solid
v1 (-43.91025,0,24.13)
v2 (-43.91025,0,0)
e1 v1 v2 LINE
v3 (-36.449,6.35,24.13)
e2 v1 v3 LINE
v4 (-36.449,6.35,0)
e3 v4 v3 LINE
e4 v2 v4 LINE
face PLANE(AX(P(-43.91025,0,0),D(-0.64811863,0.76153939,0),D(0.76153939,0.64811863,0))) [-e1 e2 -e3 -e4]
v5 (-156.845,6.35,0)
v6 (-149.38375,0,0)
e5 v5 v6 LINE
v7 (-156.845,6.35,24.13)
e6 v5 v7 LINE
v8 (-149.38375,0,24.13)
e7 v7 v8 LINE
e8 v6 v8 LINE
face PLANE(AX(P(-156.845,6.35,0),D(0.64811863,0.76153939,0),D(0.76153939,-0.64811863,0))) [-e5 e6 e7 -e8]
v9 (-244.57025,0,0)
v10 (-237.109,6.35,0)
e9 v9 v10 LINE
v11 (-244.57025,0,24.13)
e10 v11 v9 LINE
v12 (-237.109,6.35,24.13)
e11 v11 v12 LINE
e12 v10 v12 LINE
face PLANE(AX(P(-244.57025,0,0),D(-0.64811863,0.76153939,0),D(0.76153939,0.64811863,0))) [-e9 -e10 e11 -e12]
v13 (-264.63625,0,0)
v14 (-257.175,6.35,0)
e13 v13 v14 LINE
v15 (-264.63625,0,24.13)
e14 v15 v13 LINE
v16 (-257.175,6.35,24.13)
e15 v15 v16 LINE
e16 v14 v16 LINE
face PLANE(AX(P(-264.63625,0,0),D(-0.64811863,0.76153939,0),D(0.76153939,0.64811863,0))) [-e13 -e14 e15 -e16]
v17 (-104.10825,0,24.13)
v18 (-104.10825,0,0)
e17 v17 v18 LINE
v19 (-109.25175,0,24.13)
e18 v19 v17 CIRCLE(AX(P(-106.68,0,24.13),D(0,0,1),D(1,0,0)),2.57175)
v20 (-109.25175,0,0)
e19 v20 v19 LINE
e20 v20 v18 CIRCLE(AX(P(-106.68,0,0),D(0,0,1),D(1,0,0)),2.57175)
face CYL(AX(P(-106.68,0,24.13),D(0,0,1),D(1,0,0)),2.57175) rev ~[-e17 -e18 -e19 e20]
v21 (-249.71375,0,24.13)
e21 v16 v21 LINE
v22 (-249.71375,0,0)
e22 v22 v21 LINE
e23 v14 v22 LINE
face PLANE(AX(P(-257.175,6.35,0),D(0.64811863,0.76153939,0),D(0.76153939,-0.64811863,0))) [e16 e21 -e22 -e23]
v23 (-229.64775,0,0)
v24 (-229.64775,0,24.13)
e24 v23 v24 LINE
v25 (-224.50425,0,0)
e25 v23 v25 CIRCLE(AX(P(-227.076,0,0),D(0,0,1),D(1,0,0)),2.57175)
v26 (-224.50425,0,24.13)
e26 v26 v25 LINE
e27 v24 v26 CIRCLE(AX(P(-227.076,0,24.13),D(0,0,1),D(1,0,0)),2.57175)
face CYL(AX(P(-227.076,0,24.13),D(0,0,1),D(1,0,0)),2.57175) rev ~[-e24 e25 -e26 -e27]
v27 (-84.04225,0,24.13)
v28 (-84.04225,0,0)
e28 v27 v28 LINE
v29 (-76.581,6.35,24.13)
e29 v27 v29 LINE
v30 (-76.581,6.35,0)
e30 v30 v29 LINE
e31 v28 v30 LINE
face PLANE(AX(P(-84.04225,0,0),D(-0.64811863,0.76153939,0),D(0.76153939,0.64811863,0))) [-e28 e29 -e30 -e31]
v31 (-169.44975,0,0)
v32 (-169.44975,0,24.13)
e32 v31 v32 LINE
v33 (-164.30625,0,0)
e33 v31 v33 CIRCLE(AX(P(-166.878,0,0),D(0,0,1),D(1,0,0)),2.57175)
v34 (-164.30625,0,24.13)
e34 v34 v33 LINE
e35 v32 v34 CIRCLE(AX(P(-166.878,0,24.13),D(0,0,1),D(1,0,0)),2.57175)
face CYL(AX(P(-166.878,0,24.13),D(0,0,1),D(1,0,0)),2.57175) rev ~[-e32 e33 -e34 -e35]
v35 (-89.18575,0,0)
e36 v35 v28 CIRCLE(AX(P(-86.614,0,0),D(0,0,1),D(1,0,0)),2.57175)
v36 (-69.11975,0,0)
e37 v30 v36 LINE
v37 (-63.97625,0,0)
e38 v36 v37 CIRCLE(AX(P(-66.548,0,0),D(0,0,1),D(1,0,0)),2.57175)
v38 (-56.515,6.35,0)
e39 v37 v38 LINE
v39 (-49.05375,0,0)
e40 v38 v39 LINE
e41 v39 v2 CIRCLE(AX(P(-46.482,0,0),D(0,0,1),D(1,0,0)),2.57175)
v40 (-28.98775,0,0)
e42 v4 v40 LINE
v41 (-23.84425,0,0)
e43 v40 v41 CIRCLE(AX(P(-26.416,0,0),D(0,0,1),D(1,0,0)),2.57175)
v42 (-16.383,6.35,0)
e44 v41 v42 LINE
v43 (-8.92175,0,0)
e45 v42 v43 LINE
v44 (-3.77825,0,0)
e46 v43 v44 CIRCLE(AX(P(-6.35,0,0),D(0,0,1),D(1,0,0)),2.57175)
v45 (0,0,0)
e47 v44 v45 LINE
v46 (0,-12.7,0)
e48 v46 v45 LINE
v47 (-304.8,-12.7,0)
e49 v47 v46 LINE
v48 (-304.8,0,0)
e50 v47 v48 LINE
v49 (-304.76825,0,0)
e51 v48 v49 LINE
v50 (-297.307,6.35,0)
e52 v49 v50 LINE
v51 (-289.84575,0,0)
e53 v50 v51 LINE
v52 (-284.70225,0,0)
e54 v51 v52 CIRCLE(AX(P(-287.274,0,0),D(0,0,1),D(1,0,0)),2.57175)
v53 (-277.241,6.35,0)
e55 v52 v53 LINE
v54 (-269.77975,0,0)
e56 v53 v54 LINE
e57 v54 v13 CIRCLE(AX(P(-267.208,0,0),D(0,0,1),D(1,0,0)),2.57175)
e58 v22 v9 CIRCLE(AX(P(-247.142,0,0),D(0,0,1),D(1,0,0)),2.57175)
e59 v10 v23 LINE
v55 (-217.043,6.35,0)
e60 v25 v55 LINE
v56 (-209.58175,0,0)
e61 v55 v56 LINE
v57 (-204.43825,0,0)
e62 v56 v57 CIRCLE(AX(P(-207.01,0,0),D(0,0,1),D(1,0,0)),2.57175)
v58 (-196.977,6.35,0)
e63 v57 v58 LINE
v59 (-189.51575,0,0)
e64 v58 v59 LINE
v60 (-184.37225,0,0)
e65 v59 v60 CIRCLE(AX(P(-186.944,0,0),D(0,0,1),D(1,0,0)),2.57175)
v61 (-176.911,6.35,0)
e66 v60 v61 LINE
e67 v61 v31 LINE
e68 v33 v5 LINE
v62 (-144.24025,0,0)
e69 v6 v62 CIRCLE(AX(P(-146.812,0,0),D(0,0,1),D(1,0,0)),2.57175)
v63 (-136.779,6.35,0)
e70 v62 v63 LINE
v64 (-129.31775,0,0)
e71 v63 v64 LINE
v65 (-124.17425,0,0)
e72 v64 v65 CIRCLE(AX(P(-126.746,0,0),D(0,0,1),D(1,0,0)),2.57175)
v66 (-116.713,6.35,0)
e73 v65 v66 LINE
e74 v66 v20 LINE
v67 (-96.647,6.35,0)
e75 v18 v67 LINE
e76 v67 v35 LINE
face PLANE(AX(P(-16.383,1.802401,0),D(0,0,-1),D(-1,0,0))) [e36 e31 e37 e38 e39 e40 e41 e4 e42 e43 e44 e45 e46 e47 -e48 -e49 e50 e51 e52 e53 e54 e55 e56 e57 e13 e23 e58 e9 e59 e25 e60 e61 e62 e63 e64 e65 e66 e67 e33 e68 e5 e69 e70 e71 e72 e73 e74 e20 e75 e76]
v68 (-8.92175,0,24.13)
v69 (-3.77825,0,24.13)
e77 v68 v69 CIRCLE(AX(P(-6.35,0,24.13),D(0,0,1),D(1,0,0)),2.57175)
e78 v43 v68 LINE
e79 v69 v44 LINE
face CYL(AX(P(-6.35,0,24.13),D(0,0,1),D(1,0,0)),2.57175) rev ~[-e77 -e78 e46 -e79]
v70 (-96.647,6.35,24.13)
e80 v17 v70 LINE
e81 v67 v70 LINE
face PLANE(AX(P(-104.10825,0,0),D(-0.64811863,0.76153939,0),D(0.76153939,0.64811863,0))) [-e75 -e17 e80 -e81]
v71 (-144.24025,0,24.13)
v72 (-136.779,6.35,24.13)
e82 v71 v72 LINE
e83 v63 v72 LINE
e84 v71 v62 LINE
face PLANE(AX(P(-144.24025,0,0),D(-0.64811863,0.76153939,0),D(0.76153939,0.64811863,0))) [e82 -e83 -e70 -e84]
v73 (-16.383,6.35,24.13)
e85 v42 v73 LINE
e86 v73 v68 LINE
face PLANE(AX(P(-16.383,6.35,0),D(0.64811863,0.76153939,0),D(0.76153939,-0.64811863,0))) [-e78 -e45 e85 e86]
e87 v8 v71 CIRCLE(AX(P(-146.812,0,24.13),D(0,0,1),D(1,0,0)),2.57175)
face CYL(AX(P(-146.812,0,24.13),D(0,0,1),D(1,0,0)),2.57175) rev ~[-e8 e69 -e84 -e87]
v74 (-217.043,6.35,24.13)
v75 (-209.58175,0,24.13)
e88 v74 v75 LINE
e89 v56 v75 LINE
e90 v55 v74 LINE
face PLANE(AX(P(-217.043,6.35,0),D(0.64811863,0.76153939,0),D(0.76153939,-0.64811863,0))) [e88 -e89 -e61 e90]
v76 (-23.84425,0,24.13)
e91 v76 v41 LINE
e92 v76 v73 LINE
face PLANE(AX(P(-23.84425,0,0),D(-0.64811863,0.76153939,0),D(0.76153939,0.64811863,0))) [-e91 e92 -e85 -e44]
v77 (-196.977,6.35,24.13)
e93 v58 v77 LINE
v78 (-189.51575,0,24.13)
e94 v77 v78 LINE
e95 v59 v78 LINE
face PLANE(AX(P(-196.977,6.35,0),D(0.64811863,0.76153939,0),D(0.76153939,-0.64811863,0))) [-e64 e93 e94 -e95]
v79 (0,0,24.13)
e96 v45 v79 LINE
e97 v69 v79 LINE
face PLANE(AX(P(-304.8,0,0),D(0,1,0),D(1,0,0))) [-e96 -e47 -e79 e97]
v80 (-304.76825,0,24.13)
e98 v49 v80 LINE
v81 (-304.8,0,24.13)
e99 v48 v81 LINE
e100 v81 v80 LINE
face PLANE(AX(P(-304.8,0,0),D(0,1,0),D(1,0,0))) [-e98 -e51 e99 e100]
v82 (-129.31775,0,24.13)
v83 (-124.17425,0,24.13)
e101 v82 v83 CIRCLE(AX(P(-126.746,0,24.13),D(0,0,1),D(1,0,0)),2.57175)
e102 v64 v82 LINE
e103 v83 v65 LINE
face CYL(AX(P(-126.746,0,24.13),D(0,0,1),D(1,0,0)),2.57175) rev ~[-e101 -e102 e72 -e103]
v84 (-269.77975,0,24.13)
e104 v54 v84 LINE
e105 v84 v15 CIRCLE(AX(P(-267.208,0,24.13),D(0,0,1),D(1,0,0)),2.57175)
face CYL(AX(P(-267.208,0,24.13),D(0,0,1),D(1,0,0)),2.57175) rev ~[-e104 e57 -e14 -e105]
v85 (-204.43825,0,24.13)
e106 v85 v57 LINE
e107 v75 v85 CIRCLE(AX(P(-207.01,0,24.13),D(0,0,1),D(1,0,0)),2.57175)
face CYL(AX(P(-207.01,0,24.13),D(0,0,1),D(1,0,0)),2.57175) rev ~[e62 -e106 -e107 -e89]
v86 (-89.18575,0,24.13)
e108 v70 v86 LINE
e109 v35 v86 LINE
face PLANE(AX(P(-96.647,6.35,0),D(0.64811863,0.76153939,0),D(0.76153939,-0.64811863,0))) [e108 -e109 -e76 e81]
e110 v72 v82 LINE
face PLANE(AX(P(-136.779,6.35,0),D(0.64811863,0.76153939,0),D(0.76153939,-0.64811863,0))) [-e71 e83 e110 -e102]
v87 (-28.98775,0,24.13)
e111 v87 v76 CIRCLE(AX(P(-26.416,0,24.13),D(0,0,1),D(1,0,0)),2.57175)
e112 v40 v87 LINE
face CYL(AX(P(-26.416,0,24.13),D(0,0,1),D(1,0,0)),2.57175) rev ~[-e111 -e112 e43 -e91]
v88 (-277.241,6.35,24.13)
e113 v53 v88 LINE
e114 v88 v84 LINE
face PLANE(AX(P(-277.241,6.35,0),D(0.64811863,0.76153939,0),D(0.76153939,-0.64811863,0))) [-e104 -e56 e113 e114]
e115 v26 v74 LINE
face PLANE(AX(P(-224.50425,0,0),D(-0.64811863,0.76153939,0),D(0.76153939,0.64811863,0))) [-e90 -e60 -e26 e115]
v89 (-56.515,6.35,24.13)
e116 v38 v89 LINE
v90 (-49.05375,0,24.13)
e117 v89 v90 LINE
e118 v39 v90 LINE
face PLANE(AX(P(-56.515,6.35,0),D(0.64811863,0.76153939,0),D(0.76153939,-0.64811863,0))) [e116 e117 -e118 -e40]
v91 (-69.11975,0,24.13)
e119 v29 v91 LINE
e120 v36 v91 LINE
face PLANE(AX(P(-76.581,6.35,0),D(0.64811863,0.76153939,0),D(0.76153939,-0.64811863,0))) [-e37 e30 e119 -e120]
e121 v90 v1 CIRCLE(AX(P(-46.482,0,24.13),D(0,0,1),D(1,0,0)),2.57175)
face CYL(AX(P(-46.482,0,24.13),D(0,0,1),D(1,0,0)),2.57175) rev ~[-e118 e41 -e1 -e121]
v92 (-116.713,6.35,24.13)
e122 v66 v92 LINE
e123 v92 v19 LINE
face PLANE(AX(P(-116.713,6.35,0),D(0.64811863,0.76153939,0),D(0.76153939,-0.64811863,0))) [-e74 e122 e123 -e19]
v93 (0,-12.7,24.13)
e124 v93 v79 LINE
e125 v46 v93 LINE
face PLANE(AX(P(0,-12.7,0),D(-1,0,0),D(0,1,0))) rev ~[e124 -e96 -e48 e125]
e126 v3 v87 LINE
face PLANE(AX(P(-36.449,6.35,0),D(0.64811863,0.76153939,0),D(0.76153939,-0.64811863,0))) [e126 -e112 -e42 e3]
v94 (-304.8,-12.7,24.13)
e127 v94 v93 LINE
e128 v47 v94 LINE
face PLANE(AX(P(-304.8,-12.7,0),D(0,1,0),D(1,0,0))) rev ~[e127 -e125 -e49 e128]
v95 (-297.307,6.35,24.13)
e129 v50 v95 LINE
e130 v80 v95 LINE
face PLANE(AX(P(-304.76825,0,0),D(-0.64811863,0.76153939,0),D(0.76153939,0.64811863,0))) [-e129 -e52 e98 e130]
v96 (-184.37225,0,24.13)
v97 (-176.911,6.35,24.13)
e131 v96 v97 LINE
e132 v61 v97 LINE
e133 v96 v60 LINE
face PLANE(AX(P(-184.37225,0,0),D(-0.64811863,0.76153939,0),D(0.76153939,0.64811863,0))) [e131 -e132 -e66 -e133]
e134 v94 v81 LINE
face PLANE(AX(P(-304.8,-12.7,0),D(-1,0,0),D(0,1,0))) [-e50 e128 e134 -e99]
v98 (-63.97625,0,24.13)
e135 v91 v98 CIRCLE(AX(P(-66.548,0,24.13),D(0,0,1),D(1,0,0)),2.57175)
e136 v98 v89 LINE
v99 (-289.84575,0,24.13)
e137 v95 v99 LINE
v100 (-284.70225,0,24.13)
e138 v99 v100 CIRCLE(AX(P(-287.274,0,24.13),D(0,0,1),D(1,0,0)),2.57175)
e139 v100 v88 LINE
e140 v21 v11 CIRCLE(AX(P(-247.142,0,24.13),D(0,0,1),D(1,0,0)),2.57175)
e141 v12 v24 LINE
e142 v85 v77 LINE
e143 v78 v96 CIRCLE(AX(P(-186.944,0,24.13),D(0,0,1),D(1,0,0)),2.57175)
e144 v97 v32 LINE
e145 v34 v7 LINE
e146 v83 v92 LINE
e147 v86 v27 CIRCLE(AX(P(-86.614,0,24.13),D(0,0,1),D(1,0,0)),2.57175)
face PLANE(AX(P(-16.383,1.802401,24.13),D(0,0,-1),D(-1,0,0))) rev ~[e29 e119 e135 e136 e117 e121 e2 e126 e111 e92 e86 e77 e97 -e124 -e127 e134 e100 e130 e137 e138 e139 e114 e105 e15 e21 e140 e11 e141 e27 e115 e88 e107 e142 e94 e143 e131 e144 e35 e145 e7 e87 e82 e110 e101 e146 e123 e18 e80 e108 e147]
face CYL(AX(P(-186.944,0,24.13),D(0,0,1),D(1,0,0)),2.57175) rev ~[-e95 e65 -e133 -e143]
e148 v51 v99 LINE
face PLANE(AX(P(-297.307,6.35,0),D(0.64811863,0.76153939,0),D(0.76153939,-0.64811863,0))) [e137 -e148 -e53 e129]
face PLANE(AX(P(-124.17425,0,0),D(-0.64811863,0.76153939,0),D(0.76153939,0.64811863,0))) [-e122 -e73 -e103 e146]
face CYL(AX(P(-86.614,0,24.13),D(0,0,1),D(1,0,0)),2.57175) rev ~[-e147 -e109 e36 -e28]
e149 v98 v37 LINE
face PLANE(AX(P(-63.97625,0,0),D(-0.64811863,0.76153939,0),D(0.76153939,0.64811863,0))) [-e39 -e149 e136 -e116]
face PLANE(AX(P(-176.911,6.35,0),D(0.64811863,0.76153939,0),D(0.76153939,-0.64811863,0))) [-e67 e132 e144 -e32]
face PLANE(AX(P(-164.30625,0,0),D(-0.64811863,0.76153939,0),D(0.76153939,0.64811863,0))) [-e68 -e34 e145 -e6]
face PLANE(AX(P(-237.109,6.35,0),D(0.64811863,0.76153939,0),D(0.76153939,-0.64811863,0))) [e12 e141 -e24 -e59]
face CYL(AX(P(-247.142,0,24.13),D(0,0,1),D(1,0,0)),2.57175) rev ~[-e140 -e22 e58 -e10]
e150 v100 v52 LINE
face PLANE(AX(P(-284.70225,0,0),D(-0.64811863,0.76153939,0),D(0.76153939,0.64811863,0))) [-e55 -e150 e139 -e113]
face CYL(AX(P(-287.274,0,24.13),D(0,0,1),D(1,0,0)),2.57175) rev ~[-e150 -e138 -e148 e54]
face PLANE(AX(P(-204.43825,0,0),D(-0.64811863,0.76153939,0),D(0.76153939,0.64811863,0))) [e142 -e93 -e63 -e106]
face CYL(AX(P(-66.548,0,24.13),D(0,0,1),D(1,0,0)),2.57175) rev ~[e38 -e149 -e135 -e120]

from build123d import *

# Parameters (mm, degrees)
SKETCH1_W           = 304.8
SKETCH1_H           = 12.7
BOSS_EXTRUDE1_DEPTH = 24.13
SKETCH3_R           = 2.57175
CUT_EXTRUDE1_DEPTH  = 39.624
BOSS_EXTRUDE2_DEPTH = 24.13


with BuildPart() as part:
    # Sketch1 → Boss-Extrude1 (new body)
    with BuildSketch(Plane.XY):
        with Locations((-152.4, -6.35)):
            Rectangle(SKETCH1_W, SKETCH1_H)
    extrude(amount=BOSS_EXTRUDE1_DEPTH)

    # Sketch3 → Cut-Extrude1 (cut)
    with BuildSketch(Plane.XY.offset(24.13)):
        with Locations((-26.416, 0)):
            Circle(SKETCH3_R)
        with Locations((-46.482, 0)):
            Circle(SKETCH3_R)
        with Locations((-66.548, 0)):
            Circle(SKETCH3_R)
        with Locations((-86.614, 0)):
            Circle(SKETCH3_R)
        with Locations((-106.68, 0)):
            Circle(SKETCH3_R)
        with Locations((-126.746, 0)):
            Circle(SKETCH3_R)
        with Locations((-146.812, 0)):
            Circle(SKETCH3_R)
        with Locations((-166.878, 0)):
            Circle(SKETCH3_R)
        with Locations((-186.944, 0)):
            Circle(SKETCH3_R)
        with Locations((-6.35, 0)):
            Circle(SKETCH3_R)
        with Locations((-207.01, 0)):
            Circle(SKETCH3_R)
        with Locations((-227.076, 0)):
            Circle(SKETCH3_R)
        with Locations((-247.142, 0)):
            Circle(SKETCH3_R)
        with Locations((-267.208, 0)):
            Circle(SKETCH3_R)
        with Locations((-287.274, 0)):
            Circle(SKETCH3_R)
    extrude(amount=-CUT_EXTRUDE1_DEPTH, mode=Mode.SUBTRACT)

    # Sketch4 → Boss-Extrude2 (add)
    with BuildSketch(Plane(origin=(0, 0, 0), x_dir=(-1, 0, 0), z_dir=(0, 0, -1))):
        Polygon((16.383, 6.35), (8.92175, 0), (23.84425, 0), align=None)
        Polygon((36.449, 6.35), (28.98775, 0), (43.91025, 0), align=None)
        Polygon((63.97625, 0), (56.515, 6.35), (49.05375, 0), align=None)
        Polygon((84.04225, 0), (76.581, 6.35), (69.11975, 0), align=None)
        Polygon((104.10825, 0), (96.647, 6.35), (89.18575, 0), align=None)
        Polygon((124.17425, 0), (116.713, 6.35), (109.25175, 0), align=None)
        Polygon((144.24025, 0), (136.779, 6.35), (129.31775, 0), align=None)
        Polygon((164.30625, 0), (156.845, 6.35), (149.38375, 0), align=None)
        Polygon((184.37225, 0), (176.911, 6.35), (169.44975, 0), align=None)
        Polygon((204.43825, 0), (196.977, 6.35), (189.51575, 0), align=None)
        Polygon((224.50425, 0), (217.043, 6.35), (209.58175, 0), align=None)
        Polygon((244.57025, 0), (237.109, 6.35), (229.64775, 0), align=None)
        Polygon((264.63625, 0), (257.175, 6.35), (249.71375, 0), align=None)
        Polygon((284.70225, 0), (277.241, 6.35), (269.77975, 0), align=None)
        Polygon((304.76825, 0), (297.307, 6.35), (289.84575, 0), align=None)
    extrude(amount=-BOSS_EXTRUDE2_DEPTH)


solid = part.part
